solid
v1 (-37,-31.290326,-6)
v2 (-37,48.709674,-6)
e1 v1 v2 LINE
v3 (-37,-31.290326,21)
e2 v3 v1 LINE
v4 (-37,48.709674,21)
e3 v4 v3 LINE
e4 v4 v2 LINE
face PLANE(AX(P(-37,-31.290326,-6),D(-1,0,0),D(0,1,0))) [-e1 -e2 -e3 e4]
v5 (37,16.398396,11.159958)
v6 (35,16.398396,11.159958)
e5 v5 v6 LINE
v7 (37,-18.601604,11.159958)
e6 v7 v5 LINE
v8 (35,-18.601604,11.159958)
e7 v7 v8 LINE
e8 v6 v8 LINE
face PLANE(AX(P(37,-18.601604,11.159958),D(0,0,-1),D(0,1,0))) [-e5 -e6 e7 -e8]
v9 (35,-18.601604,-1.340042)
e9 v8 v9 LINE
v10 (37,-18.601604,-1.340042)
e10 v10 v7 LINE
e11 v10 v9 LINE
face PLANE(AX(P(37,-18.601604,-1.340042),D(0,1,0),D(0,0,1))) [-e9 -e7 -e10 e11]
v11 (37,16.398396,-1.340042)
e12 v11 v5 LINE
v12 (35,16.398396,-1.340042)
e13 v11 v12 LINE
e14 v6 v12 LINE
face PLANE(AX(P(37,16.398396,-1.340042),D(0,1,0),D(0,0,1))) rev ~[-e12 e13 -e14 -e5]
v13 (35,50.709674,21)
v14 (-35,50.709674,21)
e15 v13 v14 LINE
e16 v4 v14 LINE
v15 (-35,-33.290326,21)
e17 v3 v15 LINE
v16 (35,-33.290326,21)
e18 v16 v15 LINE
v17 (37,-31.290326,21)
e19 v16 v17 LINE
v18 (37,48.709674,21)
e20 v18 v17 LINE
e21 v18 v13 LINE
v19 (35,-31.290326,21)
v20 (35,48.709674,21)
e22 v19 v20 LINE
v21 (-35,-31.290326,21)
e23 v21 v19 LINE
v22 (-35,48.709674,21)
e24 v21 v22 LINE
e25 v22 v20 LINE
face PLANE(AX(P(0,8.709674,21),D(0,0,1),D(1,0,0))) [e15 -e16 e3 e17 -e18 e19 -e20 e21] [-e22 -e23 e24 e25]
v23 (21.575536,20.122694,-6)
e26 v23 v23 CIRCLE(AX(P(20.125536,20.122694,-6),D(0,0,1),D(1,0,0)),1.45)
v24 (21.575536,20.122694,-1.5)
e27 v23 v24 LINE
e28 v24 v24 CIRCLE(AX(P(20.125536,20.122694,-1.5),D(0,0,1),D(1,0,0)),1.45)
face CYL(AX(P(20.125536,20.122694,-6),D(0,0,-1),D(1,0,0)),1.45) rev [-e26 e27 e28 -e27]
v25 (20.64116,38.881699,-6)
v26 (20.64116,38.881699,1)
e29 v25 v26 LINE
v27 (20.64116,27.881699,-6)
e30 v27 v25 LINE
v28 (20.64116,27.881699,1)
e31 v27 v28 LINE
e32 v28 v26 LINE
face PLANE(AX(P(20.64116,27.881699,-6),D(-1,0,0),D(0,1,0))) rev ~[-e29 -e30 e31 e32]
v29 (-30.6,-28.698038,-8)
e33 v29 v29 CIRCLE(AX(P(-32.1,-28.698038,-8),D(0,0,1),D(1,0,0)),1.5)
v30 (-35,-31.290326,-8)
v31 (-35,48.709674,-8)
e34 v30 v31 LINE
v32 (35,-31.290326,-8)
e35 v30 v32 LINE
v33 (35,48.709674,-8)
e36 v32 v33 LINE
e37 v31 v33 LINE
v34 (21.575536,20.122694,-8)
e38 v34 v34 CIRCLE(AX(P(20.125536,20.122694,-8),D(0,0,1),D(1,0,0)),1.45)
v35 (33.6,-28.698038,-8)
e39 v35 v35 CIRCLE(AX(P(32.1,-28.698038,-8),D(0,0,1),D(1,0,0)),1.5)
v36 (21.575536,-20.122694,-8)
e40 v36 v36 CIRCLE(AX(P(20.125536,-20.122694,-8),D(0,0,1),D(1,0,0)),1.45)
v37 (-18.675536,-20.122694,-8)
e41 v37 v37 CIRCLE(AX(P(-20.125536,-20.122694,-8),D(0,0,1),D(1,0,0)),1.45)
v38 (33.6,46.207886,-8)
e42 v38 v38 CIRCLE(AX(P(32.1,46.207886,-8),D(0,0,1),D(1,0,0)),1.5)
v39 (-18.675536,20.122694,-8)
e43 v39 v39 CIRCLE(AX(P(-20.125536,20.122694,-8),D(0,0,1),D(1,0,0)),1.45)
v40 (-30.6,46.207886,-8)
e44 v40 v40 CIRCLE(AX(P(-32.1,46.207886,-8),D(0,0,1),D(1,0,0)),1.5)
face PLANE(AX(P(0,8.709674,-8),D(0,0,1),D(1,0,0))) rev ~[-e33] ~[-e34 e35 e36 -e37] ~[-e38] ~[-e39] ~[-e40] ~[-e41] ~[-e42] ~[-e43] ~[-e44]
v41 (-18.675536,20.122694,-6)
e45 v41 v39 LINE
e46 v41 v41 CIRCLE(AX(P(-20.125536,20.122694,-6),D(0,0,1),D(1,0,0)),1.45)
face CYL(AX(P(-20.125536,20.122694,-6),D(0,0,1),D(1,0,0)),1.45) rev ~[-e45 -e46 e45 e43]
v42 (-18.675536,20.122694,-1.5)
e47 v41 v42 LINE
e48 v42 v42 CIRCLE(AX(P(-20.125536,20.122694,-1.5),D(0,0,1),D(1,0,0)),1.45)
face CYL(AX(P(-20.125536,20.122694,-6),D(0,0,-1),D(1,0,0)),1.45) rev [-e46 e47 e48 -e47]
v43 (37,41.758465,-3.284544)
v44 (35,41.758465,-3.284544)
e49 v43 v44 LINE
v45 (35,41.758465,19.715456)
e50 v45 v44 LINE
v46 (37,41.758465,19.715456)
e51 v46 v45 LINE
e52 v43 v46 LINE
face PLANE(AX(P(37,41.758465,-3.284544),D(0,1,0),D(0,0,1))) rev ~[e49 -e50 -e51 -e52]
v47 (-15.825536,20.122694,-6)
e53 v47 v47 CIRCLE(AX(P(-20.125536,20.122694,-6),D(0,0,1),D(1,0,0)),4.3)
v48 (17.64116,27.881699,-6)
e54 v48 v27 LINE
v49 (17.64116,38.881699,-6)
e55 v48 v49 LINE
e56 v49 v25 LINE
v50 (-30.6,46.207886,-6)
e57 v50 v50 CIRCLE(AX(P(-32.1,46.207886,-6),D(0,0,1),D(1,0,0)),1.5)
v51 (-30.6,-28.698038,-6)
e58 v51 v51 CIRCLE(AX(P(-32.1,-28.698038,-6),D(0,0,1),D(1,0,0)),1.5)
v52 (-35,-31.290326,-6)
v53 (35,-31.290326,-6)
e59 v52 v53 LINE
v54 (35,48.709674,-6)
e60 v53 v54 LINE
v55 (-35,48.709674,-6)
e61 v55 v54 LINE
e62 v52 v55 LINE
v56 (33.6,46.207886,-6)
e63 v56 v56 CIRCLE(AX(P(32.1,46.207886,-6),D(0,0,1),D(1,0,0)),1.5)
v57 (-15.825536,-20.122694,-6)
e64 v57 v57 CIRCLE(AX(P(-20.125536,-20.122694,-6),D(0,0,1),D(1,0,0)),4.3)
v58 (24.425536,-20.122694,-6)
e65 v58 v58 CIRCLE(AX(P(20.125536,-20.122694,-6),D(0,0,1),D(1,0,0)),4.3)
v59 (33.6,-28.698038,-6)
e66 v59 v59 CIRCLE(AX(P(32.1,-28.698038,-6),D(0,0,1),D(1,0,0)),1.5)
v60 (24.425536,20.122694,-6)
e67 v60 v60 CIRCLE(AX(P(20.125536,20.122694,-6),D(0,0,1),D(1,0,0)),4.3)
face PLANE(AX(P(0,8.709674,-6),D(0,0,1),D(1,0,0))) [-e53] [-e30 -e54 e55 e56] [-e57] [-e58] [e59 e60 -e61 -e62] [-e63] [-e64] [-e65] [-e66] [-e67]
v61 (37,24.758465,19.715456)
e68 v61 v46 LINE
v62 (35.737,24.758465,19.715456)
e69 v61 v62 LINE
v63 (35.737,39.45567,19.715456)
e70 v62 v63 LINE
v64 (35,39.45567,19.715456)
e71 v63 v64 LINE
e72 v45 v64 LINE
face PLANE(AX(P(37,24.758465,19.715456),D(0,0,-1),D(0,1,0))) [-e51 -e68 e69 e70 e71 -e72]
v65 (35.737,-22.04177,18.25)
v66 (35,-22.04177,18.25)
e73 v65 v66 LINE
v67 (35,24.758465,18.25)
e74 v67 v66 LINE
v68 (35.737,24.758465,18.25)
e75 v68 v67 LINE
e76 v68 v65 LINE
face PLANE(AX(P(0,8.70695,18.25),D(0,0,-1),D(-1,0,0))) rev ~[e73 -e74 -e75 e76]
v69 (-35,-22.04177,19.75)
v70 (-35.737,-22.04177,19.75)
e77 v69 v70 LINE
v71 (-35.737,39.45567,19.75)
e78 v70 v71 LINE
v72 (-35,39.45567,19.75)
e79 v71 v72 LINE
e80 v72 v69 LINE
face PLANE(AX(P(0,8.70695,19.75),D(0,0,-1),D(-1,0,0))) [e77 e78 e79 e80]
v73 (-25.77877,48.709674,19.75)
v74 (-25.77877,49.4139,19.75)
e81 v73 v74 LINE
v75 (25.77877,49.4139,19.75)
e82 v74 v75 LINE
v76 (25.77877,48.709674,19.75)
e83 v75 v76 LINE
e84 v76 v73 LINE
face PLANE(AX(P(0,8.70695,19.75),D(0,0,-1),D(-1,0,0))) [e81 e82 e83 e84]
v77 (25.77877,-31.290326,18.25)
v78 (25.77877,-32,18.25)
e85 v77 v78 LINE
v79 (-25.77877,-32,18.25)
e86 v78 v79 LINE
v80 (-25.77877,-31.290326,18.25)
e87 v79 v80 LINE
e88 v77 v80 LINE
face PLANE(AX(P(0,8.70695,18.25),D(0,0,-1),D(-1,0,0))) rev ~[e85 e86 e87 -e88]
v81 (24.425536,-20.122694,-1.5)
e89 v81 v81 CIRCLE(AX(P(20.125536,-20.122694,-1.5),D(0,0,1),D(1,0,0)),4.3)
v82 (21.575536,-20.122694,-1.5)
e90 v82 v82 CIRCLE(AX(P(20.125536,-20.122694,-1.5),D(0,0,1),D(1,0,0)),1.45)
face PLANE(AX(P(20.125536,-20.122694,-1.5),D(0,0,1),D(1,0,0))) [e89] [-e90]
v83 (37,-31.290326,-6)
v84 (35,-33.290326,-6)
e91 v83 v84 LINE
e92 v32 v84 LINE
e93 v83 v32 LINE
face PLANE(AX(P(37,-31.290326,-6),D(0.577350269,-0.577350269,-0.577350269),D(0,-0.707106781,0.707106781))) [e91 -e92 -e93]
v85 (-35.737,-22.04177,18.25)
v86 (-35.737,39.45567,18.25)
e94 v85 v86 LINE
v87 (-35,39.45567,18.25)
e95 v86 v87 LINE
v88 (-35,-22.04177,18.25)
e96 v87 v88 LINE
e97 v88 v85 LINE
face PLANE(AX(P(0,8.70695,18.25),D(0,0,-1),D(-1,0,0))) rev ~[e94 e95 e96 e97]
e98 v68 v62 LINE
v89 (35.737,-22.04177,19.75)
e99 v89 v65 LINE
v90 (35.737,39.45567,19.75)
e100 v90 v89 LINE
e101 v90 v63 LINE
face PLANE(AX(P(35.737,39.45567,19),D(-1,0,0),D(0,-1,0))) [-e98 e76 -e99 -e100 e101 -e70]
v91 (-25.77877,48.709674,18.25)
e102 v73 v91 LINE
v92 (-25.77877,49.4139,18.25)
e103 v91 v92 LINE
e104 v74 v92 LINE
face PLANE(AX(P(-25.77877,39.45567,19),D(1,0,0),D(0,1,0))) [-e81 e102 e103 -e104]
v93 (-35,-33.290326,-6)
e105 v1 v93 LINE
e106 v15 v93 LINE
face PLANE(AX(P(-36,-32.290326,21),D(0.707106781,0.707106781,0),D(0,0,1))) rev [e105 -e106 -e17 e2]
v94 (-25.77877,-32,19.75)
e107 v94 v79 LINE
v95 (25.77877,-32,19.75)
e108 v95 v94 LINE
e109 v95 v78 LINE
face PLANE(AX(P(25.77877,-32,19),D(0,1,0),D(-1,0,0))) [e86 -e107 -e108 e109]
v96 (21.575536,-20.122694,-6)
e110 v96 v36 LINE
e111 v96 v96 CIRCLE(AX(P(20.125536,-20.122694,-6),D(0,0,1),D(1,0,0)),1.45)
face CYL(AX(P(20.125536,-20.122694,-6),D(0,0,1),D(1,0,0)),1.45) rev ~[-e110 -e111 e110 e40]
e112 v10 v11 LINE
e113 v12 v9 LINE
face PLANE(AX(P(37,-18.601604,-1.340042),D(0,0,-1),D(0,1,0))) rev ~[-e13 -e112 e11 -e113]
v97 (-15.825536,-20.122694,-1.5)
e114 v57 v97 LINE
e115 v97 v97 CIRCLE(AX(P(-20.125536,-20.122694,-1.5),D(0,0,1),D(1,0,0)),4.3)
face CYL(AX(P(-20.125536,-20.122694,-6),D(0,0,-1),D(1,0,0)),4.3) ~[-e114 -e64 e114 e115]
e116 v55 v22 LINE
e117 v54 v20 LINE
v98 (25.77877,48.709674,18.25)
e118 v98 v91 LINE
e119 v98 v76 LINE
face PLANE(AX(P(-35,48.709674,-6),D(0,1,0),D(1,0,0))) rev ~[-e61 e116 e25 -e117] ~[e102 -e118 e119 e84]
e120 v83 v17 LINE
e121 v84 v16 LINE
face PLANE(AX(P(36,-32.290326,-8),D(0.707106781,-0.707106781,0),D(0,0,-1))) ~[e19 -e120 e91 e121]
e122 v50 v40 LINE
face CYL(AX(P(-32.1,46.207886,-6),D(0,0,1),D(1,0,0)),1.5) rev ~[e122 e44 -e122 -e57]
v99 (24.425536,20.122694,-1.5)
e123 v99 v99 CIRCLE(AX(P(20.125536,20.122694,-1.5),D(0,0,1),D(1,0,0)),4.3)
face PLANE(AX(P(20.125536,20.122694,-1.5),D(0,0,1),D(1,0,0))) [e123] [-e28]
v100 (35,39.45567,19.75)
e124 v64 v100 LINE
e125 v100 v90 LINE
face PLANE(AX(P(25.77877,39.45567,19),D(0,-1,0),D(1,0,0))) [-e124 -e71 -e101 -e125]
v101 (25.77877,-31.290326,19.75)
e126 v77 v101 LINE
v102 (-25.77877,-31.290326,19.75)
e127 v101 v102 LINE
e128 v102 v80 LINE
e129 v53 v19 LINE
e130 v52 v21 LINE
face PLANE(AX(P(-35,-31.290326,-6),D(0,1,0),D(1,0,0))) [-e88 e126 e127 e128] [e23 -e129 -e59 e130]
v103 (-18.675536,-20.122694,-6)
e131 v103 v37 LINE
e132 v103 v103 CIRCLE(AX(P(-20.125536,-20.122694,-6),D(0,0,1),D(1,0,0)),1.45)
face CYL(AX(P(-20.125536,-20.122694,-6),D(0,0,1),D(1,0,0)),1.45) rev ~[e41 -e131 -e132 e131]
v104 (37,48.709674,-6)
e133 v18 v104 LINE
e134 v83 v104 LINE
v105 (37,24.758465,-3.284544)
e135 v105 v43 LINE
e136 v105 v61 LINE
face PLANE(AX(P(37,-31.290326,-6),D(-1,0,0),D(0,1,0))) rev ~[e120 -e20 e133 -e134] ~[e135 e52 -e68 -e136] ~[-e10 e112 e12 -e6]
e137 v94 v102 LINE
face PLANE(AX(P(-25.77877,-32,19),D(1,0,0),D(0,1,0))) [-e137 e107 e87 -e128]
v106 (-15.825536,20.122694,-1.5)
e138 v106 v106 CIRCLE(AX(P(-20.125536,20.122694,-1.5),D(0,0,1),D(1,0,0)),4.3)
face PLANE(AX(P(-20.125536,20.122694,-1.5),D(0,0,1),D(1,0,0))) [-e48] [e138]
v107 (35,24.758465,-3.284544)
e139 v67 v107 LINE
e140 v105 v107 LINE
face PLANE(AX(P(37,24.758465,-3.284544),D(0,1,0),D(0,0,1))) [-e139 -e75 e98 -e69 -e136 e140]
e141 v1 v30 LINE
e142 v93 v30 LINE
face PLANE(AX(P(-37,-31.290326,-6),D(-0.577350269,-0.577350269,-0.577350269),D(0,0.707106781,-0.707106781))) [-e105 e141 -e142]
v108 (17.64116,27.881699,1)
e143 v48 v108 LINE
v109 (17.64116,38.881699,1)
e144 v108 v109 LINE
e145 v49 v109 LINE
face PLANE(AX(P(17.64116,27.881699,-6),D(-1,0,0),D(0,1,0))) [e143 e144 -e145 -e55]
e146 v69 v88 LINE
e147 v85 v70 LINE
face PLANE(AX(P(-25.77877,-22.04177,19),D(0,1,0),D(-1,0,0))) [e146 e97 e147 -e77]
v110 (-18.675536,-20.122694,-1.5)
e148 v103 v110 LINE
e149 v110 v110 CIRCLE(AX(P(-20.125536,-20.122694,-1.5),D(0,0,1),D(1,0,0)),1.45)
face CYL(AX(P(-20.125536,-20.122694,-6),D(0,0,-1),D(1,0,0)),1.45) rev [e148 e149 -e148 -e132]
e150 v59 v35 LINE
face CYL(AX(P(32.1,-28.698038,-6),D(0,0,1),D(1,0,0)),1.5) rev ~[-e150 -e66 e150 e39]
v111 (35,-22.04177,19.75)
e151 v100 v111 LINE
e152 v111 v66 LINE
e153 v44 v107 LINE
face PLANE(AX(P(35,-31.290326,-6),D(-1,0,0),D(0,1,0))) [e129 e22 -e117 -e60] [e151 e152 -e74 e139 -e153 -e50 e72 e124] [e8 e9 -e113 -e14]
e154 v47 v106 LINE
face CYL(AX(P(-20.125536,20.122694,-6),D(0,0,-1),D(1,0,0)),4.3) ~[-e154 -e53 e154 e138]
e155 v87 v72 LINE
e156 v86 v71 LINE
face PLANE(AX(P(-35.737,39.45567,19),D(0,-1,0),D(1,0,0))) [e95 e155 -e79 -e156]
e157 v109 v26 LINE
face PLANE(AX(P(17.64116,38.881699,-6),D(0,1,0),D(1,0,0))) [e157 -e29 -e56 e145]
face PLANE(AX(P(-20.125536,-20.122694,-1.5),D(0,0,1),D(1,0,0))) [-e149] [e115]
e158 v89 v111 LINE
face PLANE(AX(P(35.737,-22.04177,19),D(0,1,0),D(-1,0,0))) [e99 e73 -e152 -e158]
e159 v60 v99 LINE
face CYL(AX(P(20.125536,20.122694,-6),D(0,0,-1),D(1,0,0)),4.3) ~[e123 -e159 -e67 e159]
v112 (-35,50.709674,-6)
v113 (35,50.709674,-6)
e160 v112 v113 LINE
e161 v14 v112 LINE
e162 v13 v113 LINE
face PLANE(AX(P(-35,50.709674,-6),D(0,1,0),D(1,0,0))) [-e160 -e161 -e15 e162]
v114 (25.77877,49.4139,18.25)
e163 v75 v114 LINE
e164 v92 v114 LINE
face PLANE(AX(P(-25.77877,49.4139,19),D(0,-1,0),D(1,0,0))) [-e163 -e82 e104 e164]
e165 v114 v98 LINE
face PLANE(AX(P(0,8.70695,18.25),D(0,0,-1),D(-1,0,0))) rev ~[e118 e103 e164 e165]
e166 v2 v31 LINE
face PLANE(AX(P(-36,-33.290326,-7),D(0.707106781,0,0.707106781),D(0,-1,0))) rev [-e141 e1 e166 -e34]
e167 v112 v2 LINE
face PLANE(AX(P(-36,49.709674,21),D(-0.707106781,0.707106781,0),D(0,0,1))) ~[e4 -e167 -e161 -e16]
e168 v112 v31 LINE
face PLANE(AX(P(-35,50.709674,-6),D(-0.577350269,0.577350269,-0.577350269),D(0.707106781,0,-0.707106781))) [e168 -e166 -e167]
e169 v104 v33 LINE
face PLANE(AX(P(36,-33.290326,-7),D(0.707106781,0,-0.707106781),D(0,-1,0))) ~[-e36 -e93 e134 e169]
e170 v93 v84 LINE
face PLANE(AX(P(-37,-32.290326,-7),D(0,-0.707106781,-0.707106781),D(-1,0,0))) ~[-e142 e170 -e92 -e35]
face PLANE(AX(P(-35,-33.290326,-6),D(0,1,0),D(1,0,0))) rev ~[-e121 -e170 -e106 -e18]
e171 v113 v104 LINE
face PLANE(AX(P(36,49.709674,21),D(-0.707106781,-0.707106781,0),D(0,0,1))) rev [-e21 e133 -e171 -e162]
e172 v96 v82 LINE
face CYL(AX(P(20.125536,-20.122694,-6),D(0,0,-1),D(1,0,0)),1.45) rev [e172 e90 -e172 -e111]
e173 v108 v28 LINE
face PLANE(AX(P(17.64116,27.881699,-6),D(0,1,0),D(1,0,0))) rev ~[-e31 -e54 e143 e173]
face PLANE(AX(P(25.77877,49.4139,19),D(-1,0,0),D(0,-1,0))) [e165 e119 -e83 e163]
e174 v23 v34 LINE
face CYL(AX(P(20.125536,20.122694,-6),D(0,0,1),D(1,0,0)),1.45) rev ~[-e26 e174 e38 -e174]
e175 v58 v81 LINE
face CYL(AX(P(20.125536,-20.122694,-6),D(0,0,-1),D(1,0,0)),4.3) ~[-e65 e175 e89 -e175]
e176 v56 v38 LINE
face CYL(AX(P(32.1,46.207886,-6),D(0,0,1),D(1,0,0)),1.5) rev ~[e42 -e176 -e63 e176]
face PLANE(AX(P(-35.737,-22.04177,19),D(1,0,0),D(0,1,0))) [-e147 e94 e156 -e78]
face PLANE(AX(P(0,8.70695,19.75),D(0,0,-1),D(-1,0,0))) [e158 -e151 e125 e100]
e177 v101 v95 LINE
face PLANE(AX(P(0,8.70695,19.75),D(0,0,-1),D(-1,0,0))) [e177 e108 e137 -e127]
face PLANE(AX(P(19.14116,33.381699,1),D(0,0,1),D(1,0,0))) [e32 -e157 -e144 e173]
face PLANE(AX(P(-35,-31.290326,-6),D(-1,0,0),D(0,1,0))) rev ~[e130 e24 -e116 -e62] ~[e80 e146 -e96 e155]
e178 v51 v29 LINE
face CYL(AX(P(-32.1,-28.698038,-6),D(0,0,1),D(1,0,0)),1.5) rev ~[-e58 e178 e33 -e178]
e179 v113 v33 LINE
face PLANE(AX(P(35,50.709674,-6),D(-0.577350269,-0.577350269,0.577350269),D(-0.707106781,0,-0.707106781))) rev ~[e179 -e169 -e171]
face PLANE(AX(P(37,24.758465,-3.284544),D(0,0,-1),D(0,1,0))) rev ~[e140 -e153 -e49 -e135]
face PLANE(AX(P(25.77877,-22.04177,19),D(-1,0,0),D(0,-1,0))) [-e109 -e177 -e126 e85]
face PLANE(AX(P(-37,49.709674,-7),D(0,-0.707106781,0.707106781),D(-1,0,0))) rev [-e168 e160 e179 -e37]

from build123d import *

# Parameters (mm, degrees)
PAD005_DEPTH    = 0.75
SKETCH003_W     = 70
SKETCH003_H     = 80
PAD003_DEPTH    = 27
THICKNESS_T     = 2
SKETCH005_W     = 35
SKETCH005_H     = 12.5
SKETCH005_W_2   = 17
SKETCH005_H_2   = 23
POCKET_DEPTH    = 5
CHAMFER_SIZE    = 2
SKETCH010_R     = 1.5
POCKET002_DEPTH = 5
SKETCH011_R     = 4.3
SKETCH011_R_2   = 1.45
PAD009_DEPTH    = 4.5
SKETCH012_W     = 3
SKETCH012_H     = 11
PAD010_DEPTH    = 7
SKETCH013_R     = 1.45
POCKET003_DEPTH = 5


with BuildPart() as pad005:
    # Sketch007 → Pad005 (new body, symmetric)
    with BuildSketch(Plane.XY.offset(19)):
        Polygon((-35.737, 39.45567), (-25.77877, 39.45567), (-25.77877, 49.4139), (25.77877, 49.4139), (25.77877, 39.45567), (35.737, 39.45567), (35.737, -22.04177), (25.77877, -22.04177), (25.77877, -32), (-25.77877, -32), (-25.77877, -22.04177), (-35.737, -22.04177), align=None)
    extrude(amount=PAD005_DEPTH, both=True)


with BuildPart() as chillermodule_case:
    # Sketch003 → Pad003 (new body)
    with BuildSketch(Plane.XY.offset(-6)):
        with Locations((0, 8.709674)):
            Rectangle(SKETCH003_W, SKETCH003_H)
    extrude(amount=PAD003_DEPTH)

    # Thickness
    thickness_openings = [chillermodule_case.faces().sort_by_distance(p)[0] for p in [
        (0, 8.709674, 21),
    ]]
    offset(amount=THICKNESS_T, openings=thickness_openings, kind=Kind.INTERSECTION)

    # Sketch005 → Pocket (cut)
    with BuildSketch(Plane.YZ.offset(37)):
        with Locations((-1.101604, 4.909958)):
            Rectangle(SKETCH005_W, SKETCH005_H)
        with Locations((33.258465, 8.215456)):
            Rectangle(SKETCH005_W_2, SKETCH005_H_2)
    extrude(amount=-POCKET_DEPTH, mode=Mode.SUBTRACT)

    # Chamfer
    chamfer_edges = [chillermodule_case.edges().sort_by_distance(p)[0] for p in [
        (0, -33.290326, -8),
        (37, 8.709674, -8),
        (37, -33.290326, 6.5),
        (-37, -33.290326, 6.5),
        (37, 50.709674, 6.5),
        (-37, 8.709674, -8),
        (-37, 50.709674, 6.5),
        (0, 50.709674, -8),
    ]]
    chamfer(chamfer_edges, length=CHAMFER_SIZE)

    # Cut: cut Pad005
    add(pad005.part, mode=Mode.SUBTRACT)

    # Sketch010 → Pocket002 (cut)
    with BuildSketch(Plane.XY.offset(-6)):
        with Locations((-32.1, 46.207886)):
            Circle(SKETCH010_R)
        with Locations((32.1, 46.207886)):
            Circle(SKETCH010_R)
        with Locations((32.1, -28.698038)):
            Circle(SKETCH010_R)
        with Locations((-32.1, -28.698038)):
            Circle(SKETCH010_R)
    extrude(amount=-POCKET002_DEPTH, mode=Mode.SUBTRACT)

    # Sketch011 → Pad009 (new body)
    with BuildSketch(Plane.XY.offset(-6)):
        with Locations((20.125536, -20.122694)):
            Circle(SKETCH011_R)
        with Locations((20.125536, -20.122694)):
            Circle(SKETCH011_R_2, mode=Mode.SUBTRACT)
        with Locations((-20.125536, -20.122694)):
            Circle(SKETCH011_R)
        with Locations((-20.125536, -20.122694)):
            Circle(SKETCH011_R_2, mode=Mode.SUBTRACT)
        with Locations((-20.125536, 20.122694)):
            Circle(SKETCH011_R)
        with Locations((-20.125536, 20.122694)):
            Circle(SKETCH011_R_2, mode=Mode.SUBTRACT)
        with Locations((20.125536, 20.122694)):
            Circle(SKETCH011_R)
        with Locations((20.125536, 20.122694)):
            Circle(SKETCH011_R_2, mode=Mode.SUBTRACT)
    extrude(amount=PAD009_DEPTH)

    # Sketch012 → Pad010 (new body)
    with BuildSketch(Plane.XY.offset(-6)):
        with Locations((19.14116, 33.381699)):
            Rectangle(SKETCH012_W, SKETCH012_H)
    extrude(amount=PAD010_DEPTH)

    # Sketch013 → Pocket003 (cut)
    with BuildSketch(Plane.XY.offset(-6)):
        with Locations((20.125536, 20.122694)):
            Circle(SKETCH013_R)
        with Locations((-20.125536, 20.122694)):
            Circle(SKETCH013_R)
        with Locations((-20.125536, -20.122694)):
            Circle(SKETCH013_R)
        with Locations((20.125536, -20.122694)):
            Circle(SKETCH013_R)
    extrude(amount=-POCKET003_DEPTH, mode=Mode.SUBTRACT)


solid = chillermodule_case.part
